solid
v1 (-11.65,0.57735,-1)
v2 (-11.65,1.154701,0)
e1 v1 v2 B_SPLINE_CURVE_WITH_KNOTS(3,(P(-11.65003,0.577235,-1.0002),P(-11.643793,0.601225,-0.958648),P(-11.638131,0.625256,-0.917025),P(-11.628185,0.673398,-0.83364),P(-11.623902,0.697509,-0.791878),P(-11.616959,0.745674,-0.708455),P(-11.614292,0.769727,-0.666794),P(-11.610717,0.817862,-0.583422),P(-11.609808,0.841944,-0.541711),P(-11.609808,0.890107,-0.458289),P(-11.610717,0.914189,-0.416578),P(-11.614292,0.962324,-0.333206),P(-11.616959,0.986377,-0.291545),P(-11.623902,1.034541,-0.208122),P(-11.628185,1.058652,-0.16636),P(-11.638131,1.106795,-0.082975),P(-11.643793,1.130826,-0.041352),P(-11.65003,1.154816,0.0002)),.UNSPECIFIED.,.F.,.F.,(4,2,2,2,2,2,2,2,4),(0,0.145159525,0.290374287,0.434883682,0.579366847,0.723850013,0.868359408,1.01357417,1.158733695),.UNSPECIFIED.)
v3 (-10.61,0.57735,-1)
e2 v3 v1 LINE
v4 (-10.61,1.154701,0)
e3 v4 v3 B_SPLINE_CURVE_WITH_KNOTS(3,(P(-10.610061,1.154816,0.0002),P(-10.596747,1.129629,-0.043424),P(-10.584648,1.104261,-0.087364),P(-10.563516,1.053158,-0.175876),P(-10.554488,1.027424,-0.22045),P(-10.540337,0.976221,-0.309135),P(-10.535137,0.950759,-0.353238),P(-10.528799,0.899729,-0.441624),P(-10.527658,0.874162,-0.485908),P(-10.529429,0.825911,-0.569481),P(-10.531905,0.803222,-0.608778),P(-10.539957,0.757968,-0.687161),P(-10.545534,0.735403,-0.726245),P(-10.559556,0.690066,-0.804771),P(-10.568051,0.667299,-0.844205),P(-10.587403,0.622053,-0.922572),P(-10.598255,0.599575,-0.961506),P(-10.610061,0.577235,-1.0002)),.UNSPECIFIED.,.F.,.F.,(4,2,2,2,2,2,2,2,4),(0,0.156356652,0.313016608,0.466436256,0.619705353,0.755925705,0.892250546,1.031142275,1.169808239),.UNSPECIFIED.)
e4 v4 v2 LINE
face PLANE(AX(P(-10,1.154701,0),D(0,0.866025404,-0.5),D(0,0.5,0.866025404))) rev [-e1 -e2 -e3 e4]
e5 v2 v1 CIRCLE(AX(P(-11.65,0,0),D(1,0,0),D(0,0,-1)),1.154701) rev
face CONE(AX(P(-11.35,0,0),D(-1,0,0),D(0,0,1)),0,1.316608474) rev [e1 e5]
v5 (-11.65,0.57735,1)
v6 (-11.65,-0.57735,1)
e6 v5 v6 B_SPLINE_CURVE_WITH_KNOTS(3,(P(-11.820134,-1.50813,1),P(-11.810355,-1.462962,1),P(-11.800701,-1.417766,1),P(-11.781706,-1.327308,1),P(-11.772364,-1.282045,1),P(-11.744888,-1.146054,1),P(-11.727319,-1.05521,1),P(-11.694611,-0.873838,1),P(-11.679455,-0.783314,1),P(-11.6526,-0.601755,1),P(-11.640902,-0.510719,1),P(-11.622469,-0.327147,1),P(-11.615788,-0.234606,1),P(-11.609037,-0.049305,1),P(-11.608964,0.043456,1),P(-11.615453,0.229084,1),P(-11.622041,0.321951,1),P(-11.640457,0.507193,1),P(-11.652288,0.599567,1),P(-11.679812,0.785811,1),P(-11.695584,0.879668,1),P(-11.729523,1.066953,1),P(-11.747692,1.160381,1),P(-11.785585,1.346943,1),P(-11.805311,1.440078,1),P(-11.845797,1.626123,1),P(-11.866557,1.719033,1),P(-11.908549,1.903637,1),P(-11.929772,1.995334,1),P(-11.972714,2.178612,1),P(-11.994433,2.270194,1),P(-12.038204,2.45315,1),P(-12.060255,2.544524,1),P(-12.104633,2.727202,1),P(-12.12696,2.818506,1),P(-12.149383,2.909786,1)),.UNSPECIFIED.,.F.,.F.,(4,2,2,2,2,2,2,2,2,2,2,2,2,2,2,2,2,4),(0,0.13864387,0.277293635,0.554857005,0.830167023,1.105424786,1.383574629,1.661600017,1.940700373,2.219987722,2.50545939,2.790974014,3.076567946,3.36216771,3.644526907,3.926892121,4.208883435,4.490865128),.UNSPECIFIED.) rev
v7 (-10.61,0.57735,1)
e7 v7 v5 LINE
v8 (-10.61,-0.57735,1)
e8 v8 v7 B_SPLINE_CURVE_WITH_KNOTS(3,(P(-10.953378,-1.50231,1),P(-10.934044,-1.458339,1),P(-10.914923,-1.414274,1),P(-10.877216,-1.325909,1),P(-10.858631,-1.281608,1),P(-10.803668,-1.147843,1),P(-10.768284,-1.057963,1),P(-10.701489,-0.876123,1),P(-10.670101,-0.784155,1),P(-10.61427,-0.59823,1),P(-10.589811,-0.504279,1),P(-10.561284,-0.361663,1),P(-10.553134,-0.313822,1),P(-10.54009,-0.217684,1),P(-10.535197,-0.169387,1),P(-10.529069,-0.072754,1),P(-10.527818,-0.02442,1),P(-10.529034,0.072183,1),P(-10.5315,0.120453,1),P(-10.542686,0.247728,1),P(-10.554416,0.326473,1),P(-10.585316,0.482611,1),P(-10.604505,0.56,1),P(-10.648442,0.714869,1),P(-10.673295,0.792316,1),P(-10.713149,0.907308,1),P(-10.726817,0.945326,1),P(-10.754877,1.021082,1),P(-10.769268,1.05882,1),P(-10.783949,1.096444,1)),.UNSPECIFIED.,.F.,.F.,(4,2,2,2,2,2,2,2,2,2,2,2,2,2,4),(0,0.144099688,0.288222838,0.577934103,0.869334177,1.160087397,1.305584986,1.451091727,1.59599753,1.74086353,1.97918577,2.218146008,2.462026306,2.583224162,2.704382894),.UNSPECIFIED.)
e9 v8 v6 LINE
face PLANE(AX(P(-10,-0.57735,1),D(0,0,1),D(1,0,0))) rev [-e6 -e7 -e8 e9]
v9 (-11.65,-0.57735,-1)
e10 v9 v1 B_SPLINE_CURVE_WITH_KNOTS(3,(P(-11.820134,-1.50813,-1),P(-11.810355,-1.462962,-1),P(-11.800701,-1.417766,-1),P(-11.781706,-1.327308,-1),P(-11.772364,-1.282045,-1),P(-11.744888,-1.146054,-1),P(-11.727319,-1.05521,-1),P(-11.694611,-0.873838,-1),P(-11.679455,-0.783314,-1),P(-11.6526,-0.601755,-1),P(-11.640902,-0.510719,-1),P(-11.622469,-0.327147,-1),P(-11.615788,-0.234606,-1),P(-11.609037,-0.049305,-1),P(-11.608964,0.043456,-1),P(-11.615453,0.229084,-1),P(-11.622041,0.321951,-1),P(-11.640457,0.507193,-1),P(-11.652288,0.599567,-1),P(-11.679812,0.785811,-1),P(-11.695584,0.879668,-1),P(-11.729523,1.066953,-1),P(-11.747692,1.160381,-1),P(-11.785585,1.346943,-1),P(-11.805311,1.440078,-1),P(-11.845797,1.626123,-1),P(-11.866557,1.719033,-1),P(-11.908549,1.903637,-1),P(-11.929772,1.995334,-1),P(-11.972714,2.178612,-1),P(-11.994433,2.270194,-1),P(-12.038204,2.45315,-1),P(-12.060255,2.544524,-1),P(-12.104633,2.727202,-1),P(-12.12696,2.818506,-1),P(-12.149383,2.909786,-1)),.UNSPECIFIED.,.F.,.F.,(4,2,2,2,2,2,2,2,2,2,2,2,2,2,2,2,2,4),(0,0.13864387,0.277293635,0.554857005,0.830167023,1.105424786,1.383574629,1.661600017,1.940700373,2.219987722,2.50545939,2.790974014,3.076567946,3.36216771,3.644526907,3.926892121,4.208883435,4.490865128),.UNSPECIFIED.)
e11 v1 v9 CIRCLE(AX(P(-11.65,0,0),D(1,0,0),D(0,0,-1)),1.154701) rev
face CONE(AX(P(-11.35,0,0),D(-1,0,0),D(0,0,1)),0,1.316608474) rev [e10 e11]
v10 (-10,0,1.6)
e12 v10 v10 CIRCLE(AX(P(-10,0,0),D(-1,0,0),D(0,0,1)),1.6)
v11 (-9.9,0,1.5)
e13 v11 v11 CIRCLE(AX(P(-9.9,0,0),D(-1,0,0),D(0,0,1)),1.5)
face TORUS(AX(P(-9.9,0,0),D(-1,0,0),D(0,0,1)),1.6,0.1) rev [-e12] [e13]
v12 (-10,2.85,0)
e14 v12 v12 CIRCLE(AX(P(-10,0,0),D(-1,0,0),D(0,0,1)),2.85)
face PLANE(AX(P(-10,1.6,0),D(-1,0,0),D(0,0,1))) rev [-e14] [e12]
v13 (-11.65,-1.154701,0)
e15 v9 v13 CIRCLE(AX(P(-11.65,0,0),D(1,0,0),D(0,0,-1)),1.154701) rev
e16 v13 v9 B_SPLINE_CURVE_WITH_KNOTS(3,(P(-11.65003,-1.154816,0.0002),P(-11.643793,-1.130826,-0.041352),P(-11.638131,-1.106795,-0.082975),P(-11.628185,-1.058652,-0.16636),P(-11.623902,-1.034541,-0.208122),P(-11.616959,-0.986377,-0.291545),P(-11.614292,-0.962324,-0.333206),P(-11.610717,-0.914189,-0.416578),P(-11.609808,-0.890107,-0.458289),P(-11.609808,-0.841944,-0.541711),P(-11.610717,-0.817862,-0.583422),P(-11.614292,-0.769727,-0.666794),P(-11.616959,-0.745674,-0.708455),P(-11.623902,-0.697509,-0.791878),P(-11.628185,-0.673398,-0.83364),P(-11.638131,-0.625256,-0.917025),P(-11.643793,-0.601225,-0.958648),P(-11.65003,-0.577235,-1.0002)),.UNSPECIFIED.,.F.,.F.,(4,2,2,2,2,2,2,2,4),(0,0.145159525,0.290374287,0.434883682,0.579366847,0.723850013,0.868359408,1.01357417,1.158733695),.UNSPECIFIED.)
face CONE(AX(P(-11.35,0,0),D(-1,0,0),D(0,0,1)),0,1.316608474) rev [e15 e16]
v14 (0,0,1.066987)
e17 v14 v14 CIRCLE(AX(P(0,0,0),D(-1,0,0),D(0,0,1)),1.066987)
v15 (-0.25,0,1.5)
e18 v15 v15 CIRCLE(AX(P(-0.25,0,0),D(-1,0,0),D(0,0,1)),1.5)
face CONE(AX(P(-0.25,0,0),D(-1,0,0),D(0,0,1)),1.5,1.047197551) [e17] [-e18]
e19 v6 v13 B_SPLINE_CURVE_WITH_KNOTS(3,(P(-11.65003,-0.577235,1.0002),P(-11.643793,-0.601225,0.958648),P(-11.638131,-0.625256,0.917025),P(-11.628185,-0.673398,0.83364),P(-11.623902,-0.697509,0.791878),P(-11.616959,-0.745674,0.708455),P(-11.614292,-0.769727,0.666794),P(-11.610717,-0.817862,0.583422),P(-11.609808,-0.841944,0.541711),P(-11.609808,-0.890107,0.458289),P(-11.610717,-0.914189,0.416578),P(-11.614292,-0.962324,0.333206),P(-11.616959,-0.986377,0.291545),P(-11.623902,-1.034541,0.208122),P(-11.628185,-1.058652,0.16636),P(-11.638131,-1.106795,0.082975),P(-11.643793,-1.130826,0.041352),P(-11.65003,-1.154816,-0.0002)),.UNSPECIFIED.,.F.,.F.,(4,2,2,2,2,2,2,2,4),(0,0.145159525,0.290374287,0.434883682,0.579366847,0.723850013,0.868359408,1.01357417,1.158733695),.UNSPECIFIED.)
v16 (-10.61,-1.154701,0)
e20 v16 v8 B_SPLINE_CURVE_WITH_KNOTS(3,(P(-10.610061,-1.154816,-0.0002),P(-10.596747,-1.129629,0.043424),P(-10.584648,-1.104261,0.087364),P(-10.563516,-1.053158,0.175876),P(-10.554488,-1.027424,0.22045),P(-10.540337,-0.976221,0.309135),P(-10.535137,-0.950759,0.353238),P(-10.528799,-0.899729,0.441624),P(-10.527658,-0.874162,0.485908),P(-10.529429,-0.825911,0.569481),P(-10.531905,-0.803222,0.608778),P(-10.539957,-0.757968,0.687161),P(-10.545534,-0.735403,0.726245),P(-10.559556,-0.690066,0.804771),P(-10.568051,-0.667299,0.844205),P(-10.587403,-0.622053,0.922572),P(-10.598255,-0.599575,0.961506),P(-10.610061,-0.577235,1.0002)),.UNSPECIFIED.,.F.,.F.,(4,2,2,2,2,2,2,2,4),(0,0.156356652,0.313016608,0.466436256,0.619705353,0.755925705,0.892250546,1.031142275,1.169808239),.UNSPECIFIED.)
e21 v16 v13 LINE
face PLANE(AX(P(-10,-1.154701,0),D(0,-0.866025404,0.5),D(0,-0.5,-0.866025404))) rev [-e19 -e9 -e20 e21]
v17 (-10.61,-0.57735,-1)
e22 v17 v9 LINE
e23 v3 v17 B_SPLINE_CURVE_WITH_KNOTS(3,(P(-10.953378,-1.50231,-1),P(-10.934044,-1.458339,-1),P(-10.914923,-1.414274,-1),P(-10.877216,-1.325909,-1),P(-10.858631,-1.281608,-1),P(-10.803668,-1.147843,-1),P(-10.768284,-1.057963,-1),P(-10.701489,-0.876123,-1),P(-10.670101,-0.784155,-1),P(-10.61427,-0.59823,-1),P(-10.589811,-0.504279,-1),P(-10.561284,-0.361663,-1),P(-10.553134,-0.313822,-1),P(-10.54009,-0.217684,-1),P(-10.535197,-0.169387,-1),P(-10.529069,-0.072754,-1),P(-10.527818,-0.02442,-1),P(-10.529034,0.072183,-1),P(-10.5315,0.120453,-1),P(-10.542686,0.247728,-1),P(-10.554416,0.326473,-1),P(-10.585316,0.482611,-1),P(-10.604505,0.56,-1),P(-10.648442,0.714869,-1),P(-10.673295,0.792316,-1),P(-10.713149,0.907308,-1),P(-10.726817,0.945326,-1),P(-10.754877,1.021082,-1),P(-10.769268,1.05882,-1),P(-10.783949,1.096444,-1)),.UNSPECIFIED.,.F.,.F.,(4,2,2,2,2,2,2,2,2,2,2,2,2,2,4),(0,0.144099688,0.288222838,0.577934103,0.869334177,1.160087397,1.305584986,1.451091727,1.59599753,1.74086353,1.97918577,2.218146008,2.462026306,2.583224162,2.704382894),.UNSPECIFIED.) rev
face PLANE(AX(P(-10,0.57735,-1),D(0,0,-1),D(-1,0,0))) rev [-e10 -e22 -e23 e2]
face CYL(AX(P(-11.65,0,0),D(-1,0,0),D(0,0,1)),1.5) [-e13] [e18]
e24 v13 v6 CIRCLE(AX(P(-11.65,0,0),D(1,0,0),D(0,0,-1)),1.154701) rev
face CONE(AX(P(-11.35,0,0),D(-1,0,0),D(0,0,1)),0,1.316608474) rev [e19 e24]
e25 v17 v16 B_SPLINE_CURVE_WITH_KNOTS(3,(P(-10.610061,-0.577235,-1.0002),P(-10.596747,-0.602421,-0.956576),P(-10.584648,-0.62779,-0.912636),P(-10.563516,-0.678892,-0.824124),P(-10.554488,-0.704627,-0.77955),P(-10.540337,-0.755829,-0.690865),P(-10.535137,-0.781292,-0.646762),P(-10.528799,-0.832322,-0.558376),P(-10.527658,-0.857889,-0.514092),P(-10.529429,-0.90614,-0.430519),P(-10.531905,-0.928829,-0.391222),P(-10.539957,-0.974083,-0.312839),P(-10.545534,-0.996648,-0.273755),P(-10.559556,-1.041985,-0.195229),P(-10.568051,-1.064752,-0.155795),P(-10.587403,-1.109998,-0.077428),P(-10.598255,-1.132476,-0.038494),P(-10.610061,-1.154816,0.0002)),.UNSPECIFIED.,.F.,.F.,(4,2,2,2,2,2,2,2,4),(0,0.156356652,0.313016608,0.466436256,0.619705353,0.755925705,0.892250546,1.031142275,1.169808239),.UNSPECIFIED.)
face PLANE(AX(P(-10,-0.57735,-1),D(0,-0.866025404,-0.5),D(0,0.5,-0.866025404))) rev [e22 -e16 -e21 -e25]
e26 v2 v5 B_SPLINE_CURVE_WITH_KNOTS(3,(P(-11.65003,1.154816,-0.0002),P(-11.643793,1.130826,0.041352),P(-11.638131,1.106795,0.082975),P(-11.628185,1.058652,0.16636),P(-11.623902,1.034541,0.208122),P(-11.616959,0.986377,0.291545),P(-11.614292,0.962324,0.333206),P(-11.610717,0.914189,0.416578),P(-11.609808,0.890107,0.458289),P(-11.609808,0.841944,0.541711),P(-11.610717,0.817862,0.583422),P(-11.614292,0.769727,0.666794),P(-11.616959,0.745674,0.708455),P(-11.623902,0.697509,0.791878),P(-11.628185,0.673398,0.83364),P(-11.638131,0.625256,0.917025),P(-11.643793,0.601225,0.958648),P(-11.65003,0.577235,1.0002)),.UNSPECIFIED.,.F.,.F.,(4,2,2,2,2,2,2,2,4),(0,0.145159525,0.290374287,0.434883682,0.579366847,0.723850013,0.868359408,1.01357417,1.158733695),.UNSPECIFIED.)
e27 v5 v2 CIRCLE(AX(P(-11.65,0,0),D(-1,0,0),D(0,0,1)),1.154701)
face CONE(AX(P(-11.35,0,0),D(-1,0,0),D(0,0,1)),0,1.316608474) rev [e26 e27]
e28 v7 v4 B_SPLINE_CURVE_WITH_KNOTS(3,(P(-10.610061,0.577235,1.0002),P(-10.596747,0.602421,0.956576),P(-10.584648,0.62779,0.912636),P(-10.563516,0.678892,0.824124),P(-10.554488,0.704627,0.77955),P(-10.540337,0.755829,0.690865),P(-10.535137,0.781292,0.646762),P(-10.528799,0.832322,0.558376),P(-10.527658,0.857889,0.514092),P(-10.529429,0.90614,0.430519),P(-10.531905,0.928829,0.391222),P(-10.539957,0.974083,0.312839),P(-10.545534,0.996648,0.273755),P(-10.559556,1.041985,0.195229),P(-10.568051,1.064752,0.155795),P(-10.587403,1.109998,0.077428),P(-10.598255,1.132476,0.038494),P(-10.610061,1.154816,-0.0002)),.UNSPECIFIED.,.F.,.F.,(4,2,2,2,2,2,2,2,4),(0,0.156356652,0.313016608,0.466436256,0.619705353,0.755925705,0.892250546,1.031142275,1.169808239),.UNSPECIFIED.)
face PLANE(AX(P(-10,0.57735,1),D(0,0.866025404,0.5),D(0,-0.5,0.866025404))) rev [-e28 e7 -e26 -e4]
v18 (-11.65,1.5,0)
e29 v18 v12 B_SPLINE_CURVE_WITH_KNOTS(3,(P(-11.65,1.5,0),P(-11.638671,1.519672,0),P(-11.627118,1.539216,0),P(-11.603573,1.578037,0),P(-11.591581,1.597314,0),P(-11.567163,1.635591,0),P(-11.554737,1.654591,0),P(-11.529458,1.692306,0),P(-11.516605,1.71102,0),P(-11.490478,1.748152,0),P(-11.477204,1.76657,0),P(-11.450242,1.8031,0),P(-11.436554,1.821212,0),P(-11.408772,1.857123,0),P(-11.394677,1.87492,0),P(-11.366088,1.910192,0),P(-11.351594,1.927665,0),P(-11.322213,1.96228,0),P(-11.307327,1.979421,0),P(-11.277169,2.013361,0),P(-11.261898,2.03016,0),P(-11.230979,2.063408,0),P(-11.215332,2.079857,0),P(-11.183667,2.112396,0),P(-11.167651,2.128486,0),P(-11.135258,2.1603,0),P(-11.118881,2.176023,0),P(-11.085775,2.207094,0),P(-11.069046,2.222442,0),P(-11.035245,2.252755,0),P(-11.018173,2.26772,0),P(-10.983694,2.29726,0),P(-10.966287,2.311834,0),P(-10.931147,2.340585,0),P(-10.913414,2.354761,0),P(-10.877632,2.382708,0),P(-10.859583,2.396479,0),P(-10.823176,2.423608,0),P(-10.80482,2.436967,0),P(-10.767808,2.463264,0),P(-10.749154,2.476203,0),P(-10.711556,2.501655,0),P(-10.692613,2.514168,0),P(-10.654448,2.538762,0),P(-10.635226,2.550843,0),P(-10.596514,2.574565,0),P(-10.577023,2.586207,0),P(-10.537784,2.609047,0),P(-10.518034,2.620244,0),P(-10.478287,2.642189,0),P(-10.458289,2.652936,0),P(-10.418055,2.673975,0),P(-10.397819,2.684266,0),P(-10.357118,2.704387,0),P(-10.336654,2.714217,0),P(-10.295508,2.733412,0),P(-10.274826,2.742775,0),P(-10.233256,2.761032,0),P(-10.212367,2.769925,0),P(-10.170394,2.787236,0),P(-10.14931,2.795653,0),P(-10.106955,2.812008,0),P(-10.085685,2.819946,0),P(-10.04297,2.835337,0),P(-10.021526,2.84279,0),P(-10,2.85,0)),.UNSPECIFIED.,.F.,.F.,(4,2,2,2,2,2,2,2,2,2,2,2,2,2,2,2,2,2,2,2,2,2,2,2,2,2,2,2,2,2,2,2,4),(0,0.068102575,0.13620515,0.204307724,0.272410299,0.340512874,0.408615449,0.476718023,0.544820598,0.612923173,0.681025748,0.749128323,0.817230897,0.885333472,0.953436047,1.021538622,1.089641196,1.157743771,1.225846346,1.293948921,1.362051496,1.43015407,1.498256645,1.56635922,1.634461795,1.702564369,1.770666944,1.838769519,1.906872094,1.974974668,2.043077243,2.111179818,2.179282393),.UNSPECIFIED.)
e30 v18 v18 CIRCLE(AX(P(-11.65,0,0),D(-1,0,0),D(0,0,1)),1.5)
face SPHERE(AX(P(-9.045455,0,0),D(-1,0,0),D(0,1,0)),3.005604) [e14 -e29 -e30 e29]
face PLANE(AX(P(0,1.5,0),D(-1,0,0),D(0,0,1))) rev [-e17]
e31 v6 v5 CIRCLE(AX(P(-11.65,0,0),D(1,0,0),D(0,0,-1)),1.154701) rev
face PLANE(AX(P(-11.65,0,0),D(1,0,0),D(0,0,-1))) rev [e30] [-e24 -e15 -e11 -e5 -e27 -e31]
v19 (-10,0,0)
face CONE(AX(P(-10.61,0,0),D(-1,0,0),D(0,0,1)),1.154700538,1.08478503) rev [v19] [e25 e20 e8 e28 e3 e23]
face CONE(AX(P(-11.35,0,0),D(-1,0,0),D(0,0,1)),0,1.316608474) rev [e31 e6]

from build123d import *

# Parameters (mm, degrees)
CUT_EXTRUDE_1_DEPTH = 1.65


with BuildPart() as part:
    # 草图1 → 旋转1 (revolve)
    with BuildSketch(Plane.XY):
        with BuildLine():
            Line((0, 1.5), (-9.9, 1.5))
            ThreePointArc((-9.9, 1.5), (-9.970710678, 1.529289322), (-10, 1.6))
            Line((-10, 1.6), (-10, 2.85))
            ThreePointArc((-10, 2.85), (-10.948716751, 2.326209363), (-11.65, 1.5))
            Line((-11.65, 1.5), (-11.65, 0))
            Line((-11.65, 0), (0, 0))
            Line((0, 0), (0, 1.5))
        make_face()
    revolve(axis=Axis((-11.65, 0, 0), (1, 0, 0)))

    # 草图2 → 切除-拉伸1 (cut)
    with BuildSketch(Plane.ZY.offset(11.65)):
        Polygon((0, 1.154700538), (-1, 0.577350269), (-1, -0.577350269), (0, -1.154700538), (1, -0.577350269), (1, 0.577350269), align=None)
    extrude(amount=-CUT_EXTRUDE_1_DEPTH, mode=Mode.SUBTRACT)

    # 草图6 → 旋转2 (revolve)
    with BuildSketch(Plane.XY):
        Polygon((-10.61, 1.154700538), (-10, 0), (-9.7, 0), (-9.7, 1.154700538), align=None)
    revolve(axis=Axis((-11.65, 0, 0), (1, 0, 0)))

    # 草图7 → 切除-旋转5 (revolve, cut)
    with BuildSketch(Plane.XY):
        Polygon((-11.65, 1.154700538), (-11.35, 0), (-11.65, 0), align=None)
    revolve(axis=Axis((-11.65, 0, 0), (1, 0, 0)), mode=Mode.SUBTRACT)

    # 草图4 → 切除-旋转1 (revolve, cut)
    with BuildSketch(Plane.XY):
        Polygon((-0.25, 1.5), (0, 1.066987298), (0.25, 1.5), align=None)
    revolve(axis=Axis((-0.25, 0, 0), (1, 0, 0)), mode=Mode.SUBTRACT)


solid = part.part
